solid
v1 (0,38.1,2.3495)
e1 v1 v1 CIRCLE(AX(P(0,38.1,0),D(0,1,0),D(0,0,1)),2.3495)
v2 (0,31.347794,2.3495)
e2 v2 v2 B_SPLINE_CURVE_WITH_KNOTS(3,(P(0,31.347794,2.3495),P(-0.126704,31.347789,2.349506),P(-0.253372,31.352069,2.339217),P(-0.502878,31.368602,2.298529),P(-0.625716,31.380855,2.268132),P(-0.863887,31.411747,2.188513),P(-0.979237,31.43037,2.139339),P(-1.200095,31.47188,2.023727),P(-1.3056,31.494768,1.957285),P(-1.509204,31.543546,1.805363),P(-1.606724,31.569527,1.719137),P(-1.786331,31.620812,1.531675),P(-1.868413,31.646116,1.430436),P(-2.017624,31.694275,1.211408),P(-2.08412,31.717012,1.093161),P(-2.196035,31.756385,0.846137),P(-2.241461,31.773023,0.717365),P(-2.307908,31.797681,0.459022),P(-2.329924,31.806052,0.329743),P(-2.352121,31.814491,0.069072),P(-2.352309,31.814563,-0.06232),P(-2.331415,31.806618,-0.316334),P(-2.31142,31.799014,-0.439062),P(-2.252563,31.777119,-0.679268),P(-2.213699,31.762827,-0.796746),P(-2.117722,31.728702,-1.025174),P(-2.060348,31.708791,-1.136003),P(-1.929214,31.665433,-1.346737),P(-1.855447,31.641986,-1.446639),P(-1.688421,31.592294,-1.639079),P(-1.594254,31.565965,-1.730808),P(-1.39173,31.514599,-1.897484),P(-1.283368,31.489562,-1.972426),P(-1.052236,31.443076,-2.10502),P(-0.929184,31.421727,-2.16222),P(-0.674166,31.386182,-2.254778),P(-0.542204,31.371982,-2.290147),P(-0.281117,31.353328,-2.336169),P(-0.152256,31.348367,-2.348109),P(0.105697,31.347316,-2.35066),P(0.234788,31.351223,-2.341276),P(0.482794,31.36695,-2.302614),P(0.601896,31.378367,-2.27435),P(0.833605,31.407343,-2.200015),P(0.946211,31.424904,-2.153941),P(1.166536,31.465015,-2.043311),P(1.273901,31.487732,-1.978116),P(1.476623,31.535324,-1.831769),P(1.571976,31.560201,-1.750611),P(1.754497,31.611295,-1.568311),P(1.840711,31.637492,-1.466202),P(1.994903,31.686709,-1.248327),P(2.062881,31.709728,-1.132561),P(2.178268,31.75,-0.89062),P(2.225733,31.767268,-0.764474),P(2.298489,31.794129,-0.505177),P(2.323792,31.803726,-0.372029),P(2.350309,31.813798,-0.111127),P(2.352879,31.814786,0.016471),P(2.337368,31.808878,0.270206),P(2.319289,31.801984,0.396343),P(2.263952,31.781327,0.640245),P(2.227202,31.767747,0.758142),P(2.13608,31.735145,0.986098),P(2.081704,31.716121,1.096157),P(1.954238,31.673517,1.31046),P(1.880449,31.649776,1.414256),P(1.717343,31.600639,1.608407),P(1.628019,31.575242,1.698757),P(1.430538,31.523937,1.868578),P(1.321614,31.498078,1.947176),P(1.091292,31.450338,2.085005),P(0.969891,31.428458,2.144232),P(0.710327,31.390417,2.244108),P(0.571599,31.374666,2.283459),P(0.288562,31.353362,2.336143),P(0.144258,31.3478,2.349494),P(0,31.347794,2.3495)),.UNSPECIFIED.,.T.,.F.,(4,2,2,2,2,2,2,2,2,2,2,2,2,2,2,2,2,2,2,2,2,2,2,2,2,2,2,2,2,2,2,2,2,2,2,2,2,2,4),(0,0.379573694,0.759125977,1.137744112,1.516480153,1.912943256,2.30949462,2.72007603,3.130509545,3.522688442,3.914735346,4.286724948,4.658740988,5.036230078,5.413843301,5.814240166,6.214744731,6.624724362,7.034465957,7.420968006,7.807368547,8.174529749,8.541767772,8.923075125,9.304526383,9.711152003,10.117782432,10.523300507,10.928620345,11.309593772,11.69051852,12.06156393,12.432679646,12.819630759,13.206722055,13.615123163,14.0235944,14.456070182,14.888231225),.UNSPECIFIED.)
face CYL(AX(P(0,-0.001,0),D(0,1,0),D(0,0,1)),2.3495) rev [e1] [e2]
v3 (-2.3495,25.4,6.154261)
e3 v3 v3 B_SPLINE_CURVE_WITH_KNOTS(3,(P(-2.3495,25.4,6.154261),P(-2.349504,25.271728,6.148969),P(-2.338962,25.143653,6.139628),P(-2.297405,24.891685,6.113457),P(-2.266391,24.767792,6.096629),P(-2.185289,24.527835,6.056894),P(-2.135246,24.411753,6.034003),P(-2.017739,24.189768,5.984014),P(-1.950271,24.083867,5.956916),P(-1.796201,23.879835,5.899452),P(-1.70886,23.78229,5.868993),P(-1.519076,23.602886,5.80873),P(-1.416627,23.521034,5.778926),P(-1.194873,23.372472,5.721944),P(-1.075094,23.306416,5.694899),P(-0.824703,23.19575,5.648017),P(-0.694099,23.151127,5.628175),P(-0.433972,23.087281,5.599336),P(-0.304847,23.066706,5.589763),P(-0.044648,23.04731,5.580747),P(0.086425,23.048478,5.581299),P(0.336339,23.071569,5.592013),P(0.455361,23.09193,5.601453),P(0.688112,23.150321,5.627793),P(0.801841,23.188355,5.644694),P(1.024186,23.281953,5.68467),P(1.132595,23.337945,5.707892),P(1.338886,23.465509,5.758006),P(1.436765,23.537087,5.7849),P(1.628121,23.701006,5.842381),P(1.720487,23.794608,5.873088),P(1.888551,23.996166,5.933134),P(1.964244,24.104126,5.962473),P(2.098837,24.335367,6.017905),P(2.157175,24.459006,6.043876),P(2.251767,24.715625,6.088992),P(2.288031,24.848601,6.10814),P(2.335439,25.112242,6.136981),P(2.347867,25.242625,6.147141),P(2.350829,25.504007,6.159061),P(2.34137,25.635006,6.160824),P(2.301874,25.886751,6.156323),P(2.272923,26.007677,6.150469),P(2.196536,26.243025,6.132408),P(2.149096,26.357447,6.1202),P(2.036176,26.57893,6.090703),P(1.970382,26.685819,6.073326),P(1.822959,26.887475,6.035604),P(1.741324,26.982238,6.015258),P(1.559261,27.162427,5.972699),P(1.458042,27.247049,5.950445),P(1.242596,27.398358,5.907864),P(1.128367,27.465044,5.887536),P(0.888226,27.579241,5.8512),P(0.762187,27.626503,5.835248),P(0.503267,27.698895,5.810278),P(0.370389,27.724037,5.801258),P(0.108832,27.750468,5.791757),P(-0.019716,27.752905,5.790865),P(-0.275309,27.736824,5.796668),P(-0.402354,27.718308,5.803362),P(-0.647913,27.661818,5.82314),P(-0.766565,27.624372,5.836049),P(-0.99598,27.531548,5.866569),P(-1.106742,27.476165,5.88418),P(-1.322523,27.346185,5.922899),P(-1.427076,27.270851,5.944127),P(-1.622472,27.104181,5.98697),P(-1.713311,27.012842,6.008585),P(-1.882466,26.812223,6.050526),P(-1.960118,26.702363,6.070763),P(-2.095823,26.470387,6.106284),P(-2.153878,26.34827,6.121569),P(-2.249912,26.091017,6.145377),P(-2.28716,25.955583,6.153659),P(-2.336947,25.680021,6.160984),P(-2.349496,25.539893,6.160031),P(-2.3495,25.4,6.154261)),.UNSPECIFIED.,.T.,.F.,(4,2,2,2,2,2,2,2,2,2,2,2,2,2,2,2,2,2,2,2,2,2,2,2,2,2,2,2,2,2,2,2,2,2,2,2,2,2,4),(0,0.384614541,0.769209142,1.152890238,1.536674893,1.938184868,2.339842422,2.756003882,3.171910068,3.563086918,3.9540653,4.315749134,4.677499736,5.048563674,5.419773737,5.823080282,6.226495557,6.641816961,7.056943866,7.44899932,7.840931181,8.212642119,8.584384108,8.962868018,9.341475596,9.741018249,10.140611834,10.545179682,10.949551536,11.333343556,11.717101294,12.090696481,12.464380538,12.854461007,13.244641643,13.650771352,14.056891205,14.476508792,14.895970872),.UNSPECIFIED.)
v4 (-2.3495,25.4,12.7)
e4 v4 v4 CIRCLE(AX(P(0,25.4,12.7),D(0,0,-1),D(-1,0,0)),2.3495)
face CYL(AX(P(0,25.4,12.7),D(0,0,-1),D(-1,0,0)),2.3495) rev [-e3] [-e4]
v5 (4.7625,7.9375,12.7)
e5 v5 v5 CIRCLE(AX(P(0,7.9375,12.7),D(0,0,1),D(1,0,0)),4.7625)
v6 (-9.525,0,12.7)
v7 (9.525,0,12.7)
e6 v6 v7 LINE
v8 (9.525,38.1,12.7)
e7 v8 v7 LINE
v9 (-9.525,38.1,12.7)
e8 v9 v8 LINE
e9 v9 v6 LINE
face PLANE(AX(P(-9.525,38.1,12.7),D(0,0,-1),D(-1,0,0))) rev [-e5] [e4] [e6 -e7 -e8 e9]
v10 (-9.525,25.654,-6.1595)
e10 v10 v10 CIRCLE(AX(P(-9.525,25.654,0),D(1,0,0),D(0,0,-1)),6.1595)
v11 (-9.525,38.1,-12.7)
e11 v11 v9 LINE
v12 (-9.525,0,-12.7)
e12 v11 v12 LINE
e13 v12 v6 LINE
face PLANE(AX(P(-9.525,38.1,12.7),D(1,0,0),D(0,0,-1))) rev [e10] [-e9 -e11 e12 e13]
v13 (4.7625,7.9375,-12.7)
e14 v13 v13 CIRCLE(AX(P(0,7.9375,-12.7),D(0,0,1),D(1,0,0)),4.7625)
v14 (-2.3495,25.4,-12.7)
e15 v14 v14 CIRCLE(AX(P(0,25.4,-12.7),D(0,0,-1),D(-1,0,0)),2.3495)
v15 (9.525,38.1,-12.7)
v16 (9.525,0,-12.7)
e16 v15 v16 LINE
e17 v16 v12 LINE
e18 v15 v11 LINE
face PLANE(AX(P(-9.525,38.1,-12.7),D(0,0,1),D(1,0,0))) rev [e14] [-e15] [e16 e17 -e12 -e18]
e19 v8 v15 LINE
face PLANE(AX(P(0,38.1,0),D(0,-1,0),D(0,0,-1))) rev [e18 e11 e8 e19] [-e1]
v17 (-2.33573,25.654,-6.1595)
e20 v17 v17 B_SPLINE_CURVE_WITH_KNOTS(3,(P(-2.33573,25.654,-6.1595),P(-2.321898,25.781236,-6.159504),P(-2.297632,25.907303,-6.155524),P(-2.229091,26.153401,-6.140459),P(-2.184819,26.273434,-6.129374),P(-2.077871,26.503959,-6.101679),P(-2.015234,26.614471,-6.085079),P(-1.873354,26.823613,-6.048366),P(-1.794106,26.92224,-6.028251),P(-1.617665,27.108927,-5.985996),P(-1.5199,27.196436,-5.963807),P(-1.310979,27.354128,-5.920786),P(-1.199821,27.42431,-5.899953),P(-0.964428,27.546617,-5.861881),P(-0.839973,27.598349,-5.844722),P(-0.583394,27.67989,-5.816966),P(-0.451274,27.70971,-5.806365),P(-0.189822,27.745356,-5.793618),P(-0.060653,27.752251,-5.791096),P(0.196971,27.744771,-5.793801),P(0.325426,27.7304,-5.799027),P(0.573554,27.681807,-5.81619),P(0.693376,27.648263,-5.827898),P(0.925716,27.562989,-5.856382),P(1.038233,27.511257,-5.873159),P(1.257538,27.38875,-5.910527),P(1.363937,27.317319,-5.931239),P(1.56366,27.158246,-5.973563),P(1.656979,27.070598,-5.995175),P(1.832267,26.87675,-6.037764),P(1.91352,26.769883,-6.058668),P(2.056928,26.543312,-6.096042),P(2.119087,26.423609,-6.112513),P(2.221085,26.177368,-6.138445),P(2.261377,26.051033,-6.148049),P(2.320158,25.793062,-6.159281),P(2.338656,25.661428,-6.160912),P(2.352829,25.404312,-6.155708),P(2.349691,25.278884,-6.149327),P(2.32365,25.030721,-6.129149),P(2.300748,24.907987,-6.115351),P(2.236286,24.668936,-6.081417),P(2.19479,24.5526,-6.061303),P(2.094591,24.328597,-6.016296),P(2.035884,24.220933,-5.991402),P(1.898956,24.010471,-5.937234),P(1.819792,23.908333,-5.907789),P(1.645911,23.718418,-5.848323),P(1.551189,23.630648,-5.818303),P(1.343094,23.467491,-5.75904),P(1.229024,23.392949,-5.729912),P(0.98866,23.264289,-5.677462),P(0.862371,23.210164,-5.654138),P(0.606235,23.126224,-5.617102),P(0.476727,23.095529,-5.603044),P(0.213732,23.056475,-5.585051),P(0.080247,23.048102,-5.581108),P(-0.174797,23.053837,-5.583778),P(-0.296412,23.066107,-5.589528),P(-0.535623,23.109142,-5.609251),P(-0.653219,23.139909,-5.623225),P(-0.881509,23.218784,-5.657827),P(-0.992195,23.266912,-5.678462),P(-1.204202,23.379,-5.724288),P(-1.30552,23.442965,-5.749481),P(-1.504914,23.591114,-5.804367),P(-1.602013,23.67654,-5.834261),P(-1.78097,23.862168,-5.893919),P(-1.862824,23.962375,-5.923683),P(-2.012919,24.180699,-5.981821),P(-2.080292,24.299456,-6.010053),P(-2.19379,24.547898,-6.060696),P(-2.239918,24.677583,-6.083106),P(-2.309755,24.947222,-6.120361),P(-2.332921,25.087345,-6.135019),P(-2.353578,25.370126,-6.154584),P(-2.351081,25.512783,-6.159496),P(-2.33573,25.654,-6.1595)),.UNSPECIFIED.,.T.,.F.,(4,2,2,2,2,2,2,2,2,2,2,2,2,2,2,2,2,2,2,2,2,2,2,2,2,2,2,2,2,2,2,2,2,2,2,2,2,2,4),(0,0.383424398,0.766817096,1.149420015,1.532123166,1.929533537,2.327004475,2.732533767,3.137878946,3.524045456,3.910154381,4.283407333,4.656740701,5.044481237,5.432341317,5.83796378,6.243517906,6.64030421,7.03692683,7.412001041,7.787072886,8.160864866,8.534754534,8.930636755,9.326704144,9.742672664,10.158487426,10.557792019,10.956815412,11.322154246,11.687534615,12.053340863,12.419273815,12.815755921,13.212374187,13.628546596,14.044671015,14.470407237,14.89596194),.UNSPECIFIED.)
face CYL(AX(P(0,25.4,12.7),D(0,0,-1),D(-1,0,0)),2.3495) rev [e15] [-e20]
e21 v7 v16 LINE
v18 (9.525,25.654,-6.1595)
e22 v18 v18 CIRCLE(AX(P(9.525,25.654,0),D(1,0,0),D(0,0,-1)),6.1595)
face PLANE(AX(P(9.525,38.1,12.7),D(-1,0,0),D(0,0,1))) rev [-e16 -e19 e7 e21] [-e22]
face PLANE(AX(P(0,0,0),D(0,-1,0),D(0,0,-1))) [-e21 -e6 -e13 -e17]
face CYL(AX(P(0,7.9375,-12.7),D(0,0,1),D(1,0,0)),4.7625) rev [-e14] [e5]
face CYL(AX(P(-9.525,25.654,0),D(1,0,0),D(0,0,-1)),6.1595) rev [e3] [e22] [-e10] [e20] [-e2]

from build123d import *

# Parameters (mm, degrees)
SKETCH1_W           = 19.05
SKETCH1_H           = 25.4
BOSS_EXTRUDE1_DEPTH = 38.1
SKETCH2_R           = 4.7625
CUT_EXTRUDE1_DEPTH  = 26.4
SKETCH3_R           = 6.1595
CUT_EXTRUDE2_DEPTH  = 20.05
CUT_EXTRUDE3_REACH  = 40.1
SKETCH4_R           = 2.3495
SKETCH5_R           = 2.3495
CUT_EXTRUDE4_DEPTH  = 26.4


with BuildPart() as part:
    # Sketch1 → Boss-Extrude1 (new body)
    with BuildSketch(Plane(origin=(0, 0, 0), x_dir=(1, 0, 0), z_dir=(0, 1, 0))):
        Rectangle(SKETCH1_W, SKETCH1_H)
    extrude(amount=BOSS_EXTRUDE1_DEPTH)

    # Sketch2 → Cut-Extrude1 (cut, through all)
    with BuildSketch(Plane.XY.offset(12.7)):
        with Locations((0, 7.9375)):
            Circle(SKETCH2_R)
    extrude(amount=-CUT_EXTRUDE1_DEPTH, mode=Mode.SUBTRACT)

    # Sketch3 → Cut-Extrude2 (cut, through all)
    with BuildSketch(Plane(origin=(9.525, 0, 0), x_dir=(0, 0, -1), z_dir=(1, 0, 0))):
        with Locations((0, 25.654)):
            Circle(SKETCH3_R)
    extrude(amount=-CUT_EXTRUDE2_DEPTH, mode=Mode.SUBTRACT)

    # Sketch4 → Cut-Extrude3 (cut, up to next)
    with BuildSketch(Plane(origin=(0, 38.1, 0), x_dir=(1, 0, 0), z_dir=(0, 1, 0)), mode=Mode.PRIVATE) as cut_extrude3_sk1:
        Circle(SKETCH4_R)
    cut_extrude3_tool1 = extrude(cut_extrude3_sk1.sketch, amount=-CUT_EXTRUDE3_REACH, mode=Mode.PRIVATE) & part.part
    add(cut_extrude3_tool1.solids().sort_by_distance((0, 38.1, 0))[0], mode=Mode.SUBTRACT)

    # Sketch5 → Cut-Extrude4 (cut, through all)
    with BuildSketch(Plane(origin=(0, 0, -12.7), x_dir=(-1, 0, 0), z_dir=(0, 0, -1))):
        with Locations((0, 25.4)):
            Circle(SKETCH5_R)
    extrude(amount=-CUT_EXTRUDE4_DEPTH, mode=Mode.SUBTRACT)


solid = part.part
